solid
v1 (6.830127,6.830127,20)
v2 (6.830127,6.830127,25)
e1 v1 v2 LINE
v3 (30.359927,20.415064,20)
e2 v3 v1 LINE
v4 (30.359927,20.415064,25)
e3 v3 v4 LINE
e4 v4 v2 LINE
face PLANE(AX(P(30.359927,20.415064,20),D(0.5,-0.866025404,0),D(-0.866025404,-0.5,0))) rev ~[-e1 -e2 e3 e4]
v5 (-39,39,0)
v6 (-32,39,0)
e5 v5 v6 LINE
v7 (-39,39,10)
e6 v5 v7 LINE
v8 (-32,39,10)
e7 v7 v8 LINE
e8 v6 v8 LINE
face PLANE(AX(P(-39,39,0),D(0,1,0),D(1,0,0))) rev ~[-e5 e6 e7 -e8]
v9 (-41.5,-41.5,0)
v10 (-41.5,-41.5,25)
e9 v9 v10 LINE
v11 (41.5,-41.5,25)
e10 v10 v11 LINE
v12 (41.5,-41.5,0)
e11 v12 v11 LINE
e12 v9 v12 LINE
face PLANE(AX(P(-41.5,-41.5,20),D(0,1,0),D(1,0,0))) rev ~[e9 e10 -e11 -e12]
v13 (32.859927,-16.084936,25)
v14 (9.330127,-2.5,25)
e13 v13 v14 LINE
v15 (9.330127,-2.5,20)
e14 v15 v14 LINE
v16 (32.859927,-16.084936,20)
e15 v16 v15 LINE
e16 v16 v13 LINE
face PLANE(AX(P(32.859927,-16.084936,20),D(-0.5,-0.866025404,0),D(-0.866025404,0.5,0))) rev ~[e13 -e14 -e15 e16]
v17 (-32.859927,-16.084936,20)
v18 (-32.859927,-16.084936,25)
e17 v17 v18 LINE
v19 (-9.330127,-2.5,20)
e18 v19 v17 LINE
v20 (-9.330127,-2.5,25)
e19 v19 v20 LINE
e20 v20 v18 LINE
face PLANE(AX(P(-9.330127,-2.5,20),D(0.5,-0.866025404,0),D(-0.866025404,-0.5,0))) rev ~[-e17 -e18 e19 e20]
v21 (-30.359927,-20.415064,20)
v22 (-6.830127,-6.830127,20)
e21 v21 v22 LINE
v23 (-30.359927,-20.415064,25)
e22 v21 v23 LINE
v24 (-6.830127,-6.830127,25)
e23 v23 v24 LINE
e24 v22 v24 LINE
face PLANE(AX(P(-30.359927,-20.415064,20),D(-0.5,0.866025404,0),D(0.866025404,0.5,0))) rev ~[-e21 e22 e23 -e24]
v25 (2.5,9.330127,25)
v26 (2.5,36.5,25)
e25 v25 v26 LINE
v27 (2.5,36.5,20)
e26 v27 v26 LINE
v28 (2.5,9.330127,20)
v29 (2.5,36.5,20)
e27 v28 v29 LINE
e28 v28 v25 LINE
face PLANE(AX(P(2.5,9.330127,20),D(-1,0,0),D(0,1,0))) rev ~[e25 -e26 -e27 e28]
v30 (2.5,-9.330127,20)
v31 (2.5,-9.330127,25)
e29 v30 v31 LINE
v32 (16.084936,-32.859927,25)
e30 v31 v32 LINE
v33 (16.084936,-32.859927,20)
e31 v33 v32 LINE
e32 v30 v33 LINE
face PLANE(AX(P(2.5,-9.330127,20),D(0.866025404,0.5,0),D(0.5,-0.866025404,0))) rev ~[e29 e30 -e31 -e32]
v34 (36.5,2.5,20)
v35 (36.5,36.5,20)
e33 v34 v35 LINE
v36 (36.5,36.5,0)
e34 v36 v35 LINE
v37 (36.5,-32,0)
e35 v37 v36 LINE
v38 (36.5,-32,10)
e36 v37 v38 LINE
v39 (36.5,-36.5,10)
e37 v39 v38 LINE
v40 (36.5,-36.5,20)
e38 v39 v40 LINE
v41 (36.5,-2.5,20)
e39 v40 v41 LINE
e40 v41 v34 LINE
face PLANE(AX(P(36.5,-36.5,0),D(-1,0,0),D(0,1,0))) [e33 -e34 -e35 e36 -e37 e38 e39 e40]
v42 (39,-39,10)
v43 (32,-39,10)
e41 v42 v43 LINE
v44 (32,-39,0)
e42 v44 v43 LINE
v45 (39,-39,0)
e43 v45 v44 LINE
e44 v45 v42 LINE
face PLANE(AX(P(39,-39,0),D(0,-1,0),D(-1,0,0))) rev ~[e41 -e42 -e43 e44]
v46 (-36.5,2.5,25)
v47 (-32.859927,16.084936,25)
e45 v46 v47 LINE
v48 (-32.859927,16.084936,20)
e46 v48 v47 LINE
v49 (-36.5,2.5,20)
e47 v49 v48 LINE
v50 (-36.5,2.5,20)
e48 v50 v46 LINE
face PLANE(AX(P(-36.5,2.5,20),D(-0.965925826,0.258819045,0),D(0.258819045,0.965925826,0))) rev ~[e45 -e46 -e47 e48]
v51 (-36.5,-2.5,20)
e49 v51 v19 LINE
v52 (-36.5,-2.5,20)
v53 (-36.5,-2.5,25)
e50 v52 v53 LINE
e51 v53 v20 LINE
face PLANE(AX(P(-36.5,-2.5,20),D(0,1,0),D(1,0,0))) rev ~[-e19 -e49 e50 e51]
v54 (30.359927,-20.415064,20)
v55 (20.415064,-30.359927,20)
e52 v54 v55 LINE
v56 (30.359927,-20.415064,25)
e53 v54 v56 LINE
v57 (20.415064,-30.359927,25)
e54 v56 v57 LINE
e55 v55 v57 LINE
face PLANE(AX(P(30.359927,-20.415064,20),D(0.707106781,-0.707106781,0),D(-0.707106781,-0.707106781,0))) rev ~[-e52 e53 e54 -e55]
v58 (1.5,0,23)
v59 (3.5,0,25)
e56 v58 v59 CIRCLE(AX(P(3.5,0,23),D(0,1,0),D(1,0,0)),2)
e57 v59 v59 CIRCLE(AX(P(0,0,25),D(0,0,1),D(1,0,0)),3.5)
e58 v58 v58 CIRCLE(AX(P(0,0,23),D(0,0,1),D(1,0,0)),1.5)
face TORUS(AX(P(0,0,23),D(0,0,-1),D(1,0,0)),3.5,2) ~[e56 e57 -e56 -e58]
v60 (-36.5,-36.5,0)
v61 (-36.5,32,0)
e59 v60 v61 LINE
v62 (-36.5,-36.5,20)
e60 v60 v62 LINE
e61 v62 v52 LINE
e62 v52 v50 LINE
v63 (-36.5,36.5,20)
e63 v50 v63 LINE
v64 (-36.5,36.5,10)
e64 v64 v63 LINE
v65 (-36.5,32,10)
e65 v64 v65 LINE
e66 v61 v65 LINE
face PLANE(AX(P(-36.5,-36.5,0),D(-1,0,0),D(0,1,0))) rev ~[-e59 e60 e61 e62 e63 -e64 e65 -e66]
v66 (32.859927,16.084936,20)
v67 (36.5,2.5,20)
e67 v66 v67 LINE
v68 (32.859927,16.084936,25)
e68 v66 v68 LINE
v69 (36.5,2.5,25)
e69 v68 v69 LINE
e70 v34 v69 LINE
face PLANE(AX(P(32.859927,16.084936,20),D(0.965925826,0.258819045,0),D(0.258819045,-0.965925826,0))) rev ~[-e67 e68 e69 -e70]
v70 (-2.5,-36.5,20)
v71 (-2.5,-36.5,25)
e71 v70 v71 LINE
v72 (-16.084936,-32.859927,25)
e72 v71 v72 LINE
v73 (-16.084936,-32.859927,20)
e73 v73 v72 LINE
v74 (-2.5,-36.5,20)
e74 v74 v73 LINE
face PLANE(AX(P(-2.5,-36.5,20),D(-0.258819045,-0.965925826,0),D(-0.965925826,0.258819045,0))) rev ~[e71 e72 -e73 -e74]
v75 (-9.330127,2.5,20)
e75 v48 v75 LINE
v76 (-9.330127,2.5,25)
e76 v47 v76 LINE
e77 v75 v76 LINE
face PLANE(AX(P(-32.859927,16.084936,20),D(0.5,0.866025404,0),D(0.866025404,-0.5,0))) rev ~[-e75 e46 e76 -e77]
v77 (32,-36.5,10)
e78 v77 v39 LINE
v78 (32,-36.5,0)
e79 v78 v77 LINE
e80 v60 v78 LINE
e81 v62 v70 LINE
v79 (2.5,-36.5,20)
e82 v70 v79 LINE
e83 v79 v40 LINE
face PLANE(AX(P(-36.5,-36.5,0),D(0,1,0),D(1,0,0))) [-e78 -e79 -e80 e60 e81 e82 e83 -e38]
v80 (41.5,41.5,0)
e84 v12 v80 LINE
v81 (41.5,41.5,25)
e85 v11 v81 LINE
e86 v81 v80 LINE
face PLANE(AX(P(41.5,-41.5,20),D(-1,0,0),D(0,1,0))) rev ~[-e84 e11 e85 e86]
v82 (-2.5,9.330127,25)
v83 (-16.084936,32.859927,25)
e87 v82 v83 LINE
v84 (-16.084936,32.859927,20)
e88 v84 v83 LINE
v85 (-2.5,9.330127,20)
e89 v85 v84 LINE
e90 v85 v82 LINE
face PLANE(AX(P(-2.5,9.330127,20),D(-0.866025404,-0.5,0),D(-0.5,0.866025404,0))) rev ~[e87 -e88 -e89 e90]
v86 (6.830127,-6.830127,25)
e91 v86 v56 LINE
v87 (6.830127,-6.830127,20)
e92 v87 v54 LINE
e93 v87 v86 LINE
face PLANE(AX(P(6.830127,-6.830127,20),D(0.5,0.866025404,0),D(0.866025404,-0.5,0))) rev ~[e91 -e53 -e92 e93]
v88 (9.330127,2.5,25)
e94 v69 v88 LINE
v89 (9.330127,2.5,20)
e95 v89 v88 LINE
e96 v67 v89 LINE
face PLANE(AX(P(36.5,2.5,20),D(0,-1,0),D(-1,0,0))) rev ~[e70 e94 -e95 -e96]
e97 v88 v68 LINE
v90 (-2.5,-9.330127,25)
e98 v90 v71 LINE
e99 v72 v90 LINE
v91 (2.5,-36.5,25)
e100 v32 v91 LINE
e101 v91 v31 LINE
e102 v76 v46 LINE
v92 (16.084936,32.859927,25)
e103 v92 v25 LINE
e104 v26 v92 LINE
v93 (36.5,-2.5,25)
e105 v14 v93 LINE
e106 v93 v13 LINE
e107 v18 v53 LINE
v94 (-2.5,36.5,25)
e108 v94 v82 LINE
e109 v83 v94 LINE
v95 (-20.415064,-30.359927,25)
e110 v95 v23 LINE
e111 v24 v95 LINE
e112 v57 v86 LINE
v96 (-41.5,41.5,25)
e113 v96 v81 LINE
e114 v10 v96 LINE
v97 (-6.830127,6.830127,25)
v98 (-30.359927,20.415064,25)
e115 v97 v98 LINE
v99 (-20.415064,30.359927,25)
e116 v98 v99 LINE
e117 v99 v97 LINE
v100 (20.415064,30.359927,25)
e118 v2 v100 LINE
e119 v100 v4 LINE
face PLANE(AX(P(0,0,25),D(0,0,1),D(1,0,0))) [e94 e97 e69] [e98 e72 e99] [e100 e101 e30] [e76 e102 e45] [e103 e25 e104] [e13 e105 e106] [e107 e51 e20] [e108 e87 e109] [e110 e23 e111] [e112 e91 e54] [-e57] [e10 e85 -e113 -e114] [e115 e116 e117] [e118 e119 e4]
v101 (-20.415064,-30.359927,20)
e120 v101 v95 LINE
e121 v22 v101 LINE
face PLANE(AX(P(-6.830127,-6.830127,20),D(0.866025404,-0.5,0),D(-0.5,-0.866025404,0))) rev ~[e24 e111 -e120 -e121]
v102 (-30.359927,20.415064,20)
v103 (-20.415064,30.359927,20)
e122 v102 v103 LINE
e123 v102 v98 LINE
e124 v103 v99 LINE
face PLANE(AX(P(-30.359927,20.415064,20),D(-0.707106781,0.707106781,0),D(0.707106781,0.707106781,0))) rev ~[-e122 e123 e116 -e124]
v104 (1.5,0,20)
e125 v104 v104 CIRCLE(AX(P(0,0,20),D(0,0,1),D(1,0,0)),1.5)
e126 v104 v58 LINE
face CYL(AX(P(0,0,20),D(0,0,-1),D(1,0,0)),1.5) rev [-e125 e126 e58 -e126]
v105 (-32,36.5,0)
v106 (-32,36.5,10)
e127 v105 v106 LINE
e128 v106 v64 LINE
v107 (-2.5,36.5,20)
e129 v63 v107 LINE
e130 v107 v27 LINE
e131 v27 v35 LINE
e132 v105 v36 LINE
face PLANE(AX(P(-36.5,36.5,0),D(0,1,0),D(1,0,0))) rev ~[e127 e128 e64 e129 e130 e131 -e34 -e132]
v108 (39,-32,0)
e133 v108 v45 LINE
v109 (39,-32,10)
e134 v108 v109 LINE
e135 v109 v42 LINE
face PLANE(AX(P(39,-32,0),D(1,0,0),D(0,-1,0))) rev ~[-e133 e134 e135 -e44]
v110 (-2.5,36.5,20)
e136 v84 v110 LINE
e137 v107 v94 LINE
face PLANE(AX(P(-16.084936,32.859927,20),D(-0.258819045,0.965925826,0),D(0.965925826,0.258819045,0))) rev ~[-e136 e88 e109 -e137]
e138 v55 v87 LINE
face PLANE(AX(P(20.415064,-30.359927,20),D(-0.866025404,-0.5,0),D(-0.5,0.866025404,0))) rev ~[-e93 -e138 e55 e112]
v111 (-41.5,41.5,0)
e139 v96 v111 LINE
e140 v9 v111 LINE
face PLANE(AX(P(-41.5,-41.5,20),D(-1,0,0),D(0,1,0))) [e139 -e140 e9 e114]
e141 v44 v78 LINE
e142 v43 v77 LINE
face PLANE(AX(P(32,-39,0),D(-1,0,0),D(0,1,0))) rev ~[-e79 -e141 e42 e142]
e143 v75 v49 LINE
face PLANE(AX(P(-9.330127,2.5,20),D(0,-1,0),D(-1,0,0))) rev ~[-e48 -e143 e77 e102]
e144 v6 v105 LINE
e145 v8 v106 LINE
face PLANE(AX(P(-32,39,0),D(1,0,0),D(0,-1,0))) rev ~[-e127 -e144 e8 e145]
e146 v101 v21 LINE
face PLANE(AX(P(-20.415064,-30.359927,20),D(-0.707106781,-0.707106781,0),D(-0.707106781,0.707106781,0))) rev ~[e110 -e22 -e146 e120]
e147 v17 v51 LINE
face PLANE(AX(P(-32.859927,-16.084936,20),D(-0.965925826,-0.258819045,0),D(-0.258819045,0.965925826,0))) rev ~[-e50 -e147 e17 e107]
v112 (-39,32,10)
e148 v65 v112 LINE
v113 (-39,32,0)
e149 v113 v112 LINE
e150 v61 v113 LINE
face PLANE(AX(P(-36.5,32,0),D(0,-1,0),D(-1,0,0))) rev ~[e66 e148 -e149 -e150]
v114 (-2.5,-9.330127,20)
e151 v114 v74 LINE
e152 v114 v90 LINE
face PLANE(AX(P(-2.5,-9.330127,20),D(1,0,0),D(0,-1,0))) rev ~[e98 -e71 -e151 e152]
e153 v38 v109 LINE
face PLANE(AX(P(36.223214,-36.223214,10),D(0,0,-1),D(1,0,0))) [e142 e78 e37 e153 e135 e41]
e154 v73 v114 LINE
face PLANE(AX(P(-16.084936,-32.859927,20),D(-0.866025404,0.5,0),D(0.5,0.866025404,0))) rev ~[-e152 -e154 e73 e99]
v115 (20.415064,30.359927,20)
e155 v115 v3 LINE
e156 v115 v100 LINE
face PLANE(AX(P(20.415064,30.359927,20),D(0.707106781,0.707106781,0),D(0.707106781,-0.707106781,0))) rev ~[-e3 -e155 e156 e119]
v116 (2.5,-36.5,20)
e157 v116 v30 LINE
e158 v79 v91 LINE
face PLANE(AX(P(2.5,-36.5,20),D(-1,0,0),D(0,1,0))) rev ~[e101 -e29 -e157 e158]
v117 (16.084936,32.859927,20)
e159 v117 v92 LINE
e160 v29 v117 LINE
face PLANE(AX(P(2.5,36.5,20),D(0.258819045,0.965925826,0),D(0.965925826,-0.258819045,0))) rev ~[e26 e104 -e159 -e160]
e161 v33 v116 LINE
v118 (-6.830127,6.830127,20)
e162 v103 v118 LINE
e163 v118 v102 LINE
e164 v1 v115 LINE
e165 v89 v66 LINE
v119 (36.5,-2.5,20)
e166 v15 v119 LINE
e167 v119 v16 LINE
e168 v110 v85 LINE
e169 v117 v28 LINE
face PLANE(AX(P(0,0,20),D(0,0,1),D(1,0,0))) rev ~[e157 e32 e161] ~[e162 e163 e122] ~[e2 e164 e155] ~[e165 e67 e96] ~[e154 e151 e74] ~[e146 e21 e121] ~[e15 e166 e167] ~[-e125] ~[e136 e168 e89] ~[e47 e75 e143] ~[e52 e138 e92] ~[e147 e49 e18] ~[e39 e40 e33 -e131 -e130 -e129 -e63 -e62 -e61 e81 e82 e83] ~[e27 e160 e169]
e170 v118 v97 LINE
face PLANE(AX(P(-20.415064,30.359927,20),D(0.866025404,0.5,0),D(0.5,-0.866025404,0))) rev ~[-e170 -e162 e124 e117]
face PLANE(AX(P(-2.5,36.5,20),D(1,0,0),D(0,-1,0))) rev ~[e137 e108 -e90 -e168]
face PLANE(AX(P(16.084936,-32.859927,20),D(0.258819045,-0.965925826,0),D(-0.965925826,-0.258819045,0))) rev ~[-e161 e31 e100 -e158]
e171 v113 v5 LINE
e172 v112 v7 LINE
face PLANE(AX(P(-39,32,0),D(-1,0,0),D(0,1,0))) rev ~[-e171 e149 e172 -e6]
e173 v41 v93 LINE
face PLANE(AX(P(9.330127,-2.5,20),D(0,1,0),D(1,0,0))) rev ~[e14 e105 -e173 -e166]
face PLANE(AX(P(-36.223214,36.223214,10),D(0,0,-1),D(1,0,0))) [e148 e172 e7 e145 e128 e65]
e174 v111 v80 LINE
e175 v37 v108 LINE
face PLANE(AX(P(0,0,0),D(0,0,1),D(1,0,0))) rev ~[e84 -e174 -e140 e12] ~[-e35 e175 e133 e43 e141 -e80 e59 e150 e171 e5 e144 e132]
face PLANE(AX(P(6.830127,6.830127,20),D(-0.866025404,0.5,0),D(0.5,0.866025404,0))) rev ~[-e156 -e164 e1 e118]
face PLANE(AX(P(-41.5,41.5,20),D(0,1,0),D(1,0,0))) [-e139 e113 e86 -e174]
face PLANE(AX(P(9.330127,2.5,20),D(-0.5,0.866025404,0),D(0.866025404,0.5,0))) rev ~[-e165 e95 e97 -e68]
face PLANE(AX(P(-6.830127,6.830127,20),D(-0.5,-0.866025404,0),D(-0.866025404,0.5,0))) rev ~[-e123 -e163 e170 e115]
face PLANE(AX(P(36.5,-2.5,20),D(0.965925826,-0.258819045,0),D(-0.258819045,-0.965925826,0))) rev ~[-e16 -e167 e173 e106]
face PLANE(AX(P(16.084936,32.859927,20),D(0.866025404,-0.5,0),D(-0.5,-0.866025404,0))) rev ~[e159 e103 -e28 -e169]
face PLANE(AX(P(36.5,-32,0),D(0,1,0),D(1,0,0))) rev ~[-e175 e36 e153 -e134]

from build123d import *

# Parameters (mm, degrees)
F0_W     = 83
F0_H     = 83
F0_W_2   = 73
F0_H_2   = 73
F1_DEPTH = 20
F4_DEPTH = 10
F5_W     = 83
F5_H     = 83
F5_R     = 1.5
F6_DEPTH = 5
F7_R     = 2


with BuildPart() as f1:
    # F0 (on Top) → F1 (new body)
    with BuildSketch(Plane.XY):
        Rectangle(F0_W, F0_H)
        Rectangle(F0_W_2, F0_H_2, mode=Mode.SUBTRACT)
    extrude(amount=F1_DEPTH)

    # F2: F1 across plane


with BuildPart() as f1_1:
    add(f1.part)
    add(f1.part.mirror(Plane.YZ))

    # F3 (on face) → F4 (cut)
    with BuildSketch(Plane(origin=(0, 0, 0), x_dir=(1, 0, 0), z_dir=(0, 0, -1))):
        Polygon((36.5, 32), (39, 32), (39, 39), (32, 39), (32, 36.5), (36.5, 36.5), align=None)
        Polygon((-39, -32), (-39, -39), (-32, -39), (-32, -36.5), (-36.5, -36.5), (-36.5, -32), align=None)
    extrude(amount=-F4_DEPTH, mode=Mode.SUBTRACT)

    # F5 (on face) → F6 (join)
    with BuildSketch(Plane.XY.offset(20)):
        Rectangle(F5_W, F5_H)
        Polygon((36.5, 2.5), (36.5, -2.5), (36.5, -36.5), (2.5, -36.5), (-2.5, -36.5), (-36.5, -36.5), (-36.5, -2.5), (-36.5, 2.5), (-36.5, 36.5), (-2.5, 36.5), (2.5, 36.5), (36.5, 36.5), align=None, mode=Mode.SUBTRACT)
        Polygon((36.5, -36.5), (36.5, -2.5), (36.5, 2.5), (36.5, 36.5), (2.5, 36.5), (-2.5, 36.5), (-36.5, 36.5), (-36.5, 2.5), (-36.5, -2.5), (-36.5, -36.5), (-2.5, -36.5), (2.5, -36.5), align=None)
        Polygon((-2.5, -9.3301270189), (-2.5, -36.5), (-16.0849364905, -32.8599272381), align=None, mode=Mode.SUBTRACT)
        Polygon((-32.8599272381, -16.0849364905), (-36.5, -2.5), (-9.3301270189, -2.5), align=None, mode=Mode.SUBTRACT)
        Polygon((-6.8301270189, -6.8301270189), (-20.4150635095, -30.3599272381), (-30.3599272381, -20.4150635095), align=None, mode=Mode.SUBTRACT)
        Polygon((16.0849364905, -32.8599272381), (2.5, -36.5), (2.5, -9.3301270189), align=None, mode=Mode.SUBTRACT)
        Polygon((6.8301270189, -6.8301270189), (30.3599272381, -20.4150635095), (20.4150635095, -30.3599272381), align=None, mode=Mode.SUBTRACT)
        Polygon((9.3301270189, -2.5), (36.5, -2.5), (32.8599272381, -16.0849364905), align=None, mode=Mode.SUBTRACT)
        Polygon((-9.3301270189, 2.5), (-36.5, 2.5), (-32.8599272381, 16.0849364905), align=None, mode=Mode.SUBTRACT)
        Polygon((-30.3599272381, 20.4150635095), (-20.4150635095, 30.3599272381), (-6.8301270189, 6.8301270189), align=None, mode=Mode.SUBTRACT)
        Polygon((-16.0849364905, 32.8599272381), (-2.5, 36.5), (-2.5, 9.3301270189), align=None, mode=Mode.SUBTRACT)
        Circle(F5_R, mode=Mode.SUBTRACT)
        Polygon((20.4150635095, 30.3599272381), (30.3599272381, 20.4150635095), (6.8301270189, 6.8301270189), align=None, mode=Mode.SUBTRACT)
        Polygon((32.8599272381, 16.0849364905), (36.5, 2.5), (9.3301270189, 2.5), align=None, mode=Mode.SUBTRACT)
        Polygon((2.5, 9.3301270189), (2.5, 36.5), (16.0849364905, 32.8599272381), align=None, mode=Mode.SUBTRACT)
    extrude(amount=F6_DEPTH)

    # F7
    f7_edges = [f1_1.edges().sort_by_distance(p)[0] for p in [
        (-1.5, 0, 25),
    ]]
    fillet(f7_edges, radius=F7_R)


solid = f1_1.part
